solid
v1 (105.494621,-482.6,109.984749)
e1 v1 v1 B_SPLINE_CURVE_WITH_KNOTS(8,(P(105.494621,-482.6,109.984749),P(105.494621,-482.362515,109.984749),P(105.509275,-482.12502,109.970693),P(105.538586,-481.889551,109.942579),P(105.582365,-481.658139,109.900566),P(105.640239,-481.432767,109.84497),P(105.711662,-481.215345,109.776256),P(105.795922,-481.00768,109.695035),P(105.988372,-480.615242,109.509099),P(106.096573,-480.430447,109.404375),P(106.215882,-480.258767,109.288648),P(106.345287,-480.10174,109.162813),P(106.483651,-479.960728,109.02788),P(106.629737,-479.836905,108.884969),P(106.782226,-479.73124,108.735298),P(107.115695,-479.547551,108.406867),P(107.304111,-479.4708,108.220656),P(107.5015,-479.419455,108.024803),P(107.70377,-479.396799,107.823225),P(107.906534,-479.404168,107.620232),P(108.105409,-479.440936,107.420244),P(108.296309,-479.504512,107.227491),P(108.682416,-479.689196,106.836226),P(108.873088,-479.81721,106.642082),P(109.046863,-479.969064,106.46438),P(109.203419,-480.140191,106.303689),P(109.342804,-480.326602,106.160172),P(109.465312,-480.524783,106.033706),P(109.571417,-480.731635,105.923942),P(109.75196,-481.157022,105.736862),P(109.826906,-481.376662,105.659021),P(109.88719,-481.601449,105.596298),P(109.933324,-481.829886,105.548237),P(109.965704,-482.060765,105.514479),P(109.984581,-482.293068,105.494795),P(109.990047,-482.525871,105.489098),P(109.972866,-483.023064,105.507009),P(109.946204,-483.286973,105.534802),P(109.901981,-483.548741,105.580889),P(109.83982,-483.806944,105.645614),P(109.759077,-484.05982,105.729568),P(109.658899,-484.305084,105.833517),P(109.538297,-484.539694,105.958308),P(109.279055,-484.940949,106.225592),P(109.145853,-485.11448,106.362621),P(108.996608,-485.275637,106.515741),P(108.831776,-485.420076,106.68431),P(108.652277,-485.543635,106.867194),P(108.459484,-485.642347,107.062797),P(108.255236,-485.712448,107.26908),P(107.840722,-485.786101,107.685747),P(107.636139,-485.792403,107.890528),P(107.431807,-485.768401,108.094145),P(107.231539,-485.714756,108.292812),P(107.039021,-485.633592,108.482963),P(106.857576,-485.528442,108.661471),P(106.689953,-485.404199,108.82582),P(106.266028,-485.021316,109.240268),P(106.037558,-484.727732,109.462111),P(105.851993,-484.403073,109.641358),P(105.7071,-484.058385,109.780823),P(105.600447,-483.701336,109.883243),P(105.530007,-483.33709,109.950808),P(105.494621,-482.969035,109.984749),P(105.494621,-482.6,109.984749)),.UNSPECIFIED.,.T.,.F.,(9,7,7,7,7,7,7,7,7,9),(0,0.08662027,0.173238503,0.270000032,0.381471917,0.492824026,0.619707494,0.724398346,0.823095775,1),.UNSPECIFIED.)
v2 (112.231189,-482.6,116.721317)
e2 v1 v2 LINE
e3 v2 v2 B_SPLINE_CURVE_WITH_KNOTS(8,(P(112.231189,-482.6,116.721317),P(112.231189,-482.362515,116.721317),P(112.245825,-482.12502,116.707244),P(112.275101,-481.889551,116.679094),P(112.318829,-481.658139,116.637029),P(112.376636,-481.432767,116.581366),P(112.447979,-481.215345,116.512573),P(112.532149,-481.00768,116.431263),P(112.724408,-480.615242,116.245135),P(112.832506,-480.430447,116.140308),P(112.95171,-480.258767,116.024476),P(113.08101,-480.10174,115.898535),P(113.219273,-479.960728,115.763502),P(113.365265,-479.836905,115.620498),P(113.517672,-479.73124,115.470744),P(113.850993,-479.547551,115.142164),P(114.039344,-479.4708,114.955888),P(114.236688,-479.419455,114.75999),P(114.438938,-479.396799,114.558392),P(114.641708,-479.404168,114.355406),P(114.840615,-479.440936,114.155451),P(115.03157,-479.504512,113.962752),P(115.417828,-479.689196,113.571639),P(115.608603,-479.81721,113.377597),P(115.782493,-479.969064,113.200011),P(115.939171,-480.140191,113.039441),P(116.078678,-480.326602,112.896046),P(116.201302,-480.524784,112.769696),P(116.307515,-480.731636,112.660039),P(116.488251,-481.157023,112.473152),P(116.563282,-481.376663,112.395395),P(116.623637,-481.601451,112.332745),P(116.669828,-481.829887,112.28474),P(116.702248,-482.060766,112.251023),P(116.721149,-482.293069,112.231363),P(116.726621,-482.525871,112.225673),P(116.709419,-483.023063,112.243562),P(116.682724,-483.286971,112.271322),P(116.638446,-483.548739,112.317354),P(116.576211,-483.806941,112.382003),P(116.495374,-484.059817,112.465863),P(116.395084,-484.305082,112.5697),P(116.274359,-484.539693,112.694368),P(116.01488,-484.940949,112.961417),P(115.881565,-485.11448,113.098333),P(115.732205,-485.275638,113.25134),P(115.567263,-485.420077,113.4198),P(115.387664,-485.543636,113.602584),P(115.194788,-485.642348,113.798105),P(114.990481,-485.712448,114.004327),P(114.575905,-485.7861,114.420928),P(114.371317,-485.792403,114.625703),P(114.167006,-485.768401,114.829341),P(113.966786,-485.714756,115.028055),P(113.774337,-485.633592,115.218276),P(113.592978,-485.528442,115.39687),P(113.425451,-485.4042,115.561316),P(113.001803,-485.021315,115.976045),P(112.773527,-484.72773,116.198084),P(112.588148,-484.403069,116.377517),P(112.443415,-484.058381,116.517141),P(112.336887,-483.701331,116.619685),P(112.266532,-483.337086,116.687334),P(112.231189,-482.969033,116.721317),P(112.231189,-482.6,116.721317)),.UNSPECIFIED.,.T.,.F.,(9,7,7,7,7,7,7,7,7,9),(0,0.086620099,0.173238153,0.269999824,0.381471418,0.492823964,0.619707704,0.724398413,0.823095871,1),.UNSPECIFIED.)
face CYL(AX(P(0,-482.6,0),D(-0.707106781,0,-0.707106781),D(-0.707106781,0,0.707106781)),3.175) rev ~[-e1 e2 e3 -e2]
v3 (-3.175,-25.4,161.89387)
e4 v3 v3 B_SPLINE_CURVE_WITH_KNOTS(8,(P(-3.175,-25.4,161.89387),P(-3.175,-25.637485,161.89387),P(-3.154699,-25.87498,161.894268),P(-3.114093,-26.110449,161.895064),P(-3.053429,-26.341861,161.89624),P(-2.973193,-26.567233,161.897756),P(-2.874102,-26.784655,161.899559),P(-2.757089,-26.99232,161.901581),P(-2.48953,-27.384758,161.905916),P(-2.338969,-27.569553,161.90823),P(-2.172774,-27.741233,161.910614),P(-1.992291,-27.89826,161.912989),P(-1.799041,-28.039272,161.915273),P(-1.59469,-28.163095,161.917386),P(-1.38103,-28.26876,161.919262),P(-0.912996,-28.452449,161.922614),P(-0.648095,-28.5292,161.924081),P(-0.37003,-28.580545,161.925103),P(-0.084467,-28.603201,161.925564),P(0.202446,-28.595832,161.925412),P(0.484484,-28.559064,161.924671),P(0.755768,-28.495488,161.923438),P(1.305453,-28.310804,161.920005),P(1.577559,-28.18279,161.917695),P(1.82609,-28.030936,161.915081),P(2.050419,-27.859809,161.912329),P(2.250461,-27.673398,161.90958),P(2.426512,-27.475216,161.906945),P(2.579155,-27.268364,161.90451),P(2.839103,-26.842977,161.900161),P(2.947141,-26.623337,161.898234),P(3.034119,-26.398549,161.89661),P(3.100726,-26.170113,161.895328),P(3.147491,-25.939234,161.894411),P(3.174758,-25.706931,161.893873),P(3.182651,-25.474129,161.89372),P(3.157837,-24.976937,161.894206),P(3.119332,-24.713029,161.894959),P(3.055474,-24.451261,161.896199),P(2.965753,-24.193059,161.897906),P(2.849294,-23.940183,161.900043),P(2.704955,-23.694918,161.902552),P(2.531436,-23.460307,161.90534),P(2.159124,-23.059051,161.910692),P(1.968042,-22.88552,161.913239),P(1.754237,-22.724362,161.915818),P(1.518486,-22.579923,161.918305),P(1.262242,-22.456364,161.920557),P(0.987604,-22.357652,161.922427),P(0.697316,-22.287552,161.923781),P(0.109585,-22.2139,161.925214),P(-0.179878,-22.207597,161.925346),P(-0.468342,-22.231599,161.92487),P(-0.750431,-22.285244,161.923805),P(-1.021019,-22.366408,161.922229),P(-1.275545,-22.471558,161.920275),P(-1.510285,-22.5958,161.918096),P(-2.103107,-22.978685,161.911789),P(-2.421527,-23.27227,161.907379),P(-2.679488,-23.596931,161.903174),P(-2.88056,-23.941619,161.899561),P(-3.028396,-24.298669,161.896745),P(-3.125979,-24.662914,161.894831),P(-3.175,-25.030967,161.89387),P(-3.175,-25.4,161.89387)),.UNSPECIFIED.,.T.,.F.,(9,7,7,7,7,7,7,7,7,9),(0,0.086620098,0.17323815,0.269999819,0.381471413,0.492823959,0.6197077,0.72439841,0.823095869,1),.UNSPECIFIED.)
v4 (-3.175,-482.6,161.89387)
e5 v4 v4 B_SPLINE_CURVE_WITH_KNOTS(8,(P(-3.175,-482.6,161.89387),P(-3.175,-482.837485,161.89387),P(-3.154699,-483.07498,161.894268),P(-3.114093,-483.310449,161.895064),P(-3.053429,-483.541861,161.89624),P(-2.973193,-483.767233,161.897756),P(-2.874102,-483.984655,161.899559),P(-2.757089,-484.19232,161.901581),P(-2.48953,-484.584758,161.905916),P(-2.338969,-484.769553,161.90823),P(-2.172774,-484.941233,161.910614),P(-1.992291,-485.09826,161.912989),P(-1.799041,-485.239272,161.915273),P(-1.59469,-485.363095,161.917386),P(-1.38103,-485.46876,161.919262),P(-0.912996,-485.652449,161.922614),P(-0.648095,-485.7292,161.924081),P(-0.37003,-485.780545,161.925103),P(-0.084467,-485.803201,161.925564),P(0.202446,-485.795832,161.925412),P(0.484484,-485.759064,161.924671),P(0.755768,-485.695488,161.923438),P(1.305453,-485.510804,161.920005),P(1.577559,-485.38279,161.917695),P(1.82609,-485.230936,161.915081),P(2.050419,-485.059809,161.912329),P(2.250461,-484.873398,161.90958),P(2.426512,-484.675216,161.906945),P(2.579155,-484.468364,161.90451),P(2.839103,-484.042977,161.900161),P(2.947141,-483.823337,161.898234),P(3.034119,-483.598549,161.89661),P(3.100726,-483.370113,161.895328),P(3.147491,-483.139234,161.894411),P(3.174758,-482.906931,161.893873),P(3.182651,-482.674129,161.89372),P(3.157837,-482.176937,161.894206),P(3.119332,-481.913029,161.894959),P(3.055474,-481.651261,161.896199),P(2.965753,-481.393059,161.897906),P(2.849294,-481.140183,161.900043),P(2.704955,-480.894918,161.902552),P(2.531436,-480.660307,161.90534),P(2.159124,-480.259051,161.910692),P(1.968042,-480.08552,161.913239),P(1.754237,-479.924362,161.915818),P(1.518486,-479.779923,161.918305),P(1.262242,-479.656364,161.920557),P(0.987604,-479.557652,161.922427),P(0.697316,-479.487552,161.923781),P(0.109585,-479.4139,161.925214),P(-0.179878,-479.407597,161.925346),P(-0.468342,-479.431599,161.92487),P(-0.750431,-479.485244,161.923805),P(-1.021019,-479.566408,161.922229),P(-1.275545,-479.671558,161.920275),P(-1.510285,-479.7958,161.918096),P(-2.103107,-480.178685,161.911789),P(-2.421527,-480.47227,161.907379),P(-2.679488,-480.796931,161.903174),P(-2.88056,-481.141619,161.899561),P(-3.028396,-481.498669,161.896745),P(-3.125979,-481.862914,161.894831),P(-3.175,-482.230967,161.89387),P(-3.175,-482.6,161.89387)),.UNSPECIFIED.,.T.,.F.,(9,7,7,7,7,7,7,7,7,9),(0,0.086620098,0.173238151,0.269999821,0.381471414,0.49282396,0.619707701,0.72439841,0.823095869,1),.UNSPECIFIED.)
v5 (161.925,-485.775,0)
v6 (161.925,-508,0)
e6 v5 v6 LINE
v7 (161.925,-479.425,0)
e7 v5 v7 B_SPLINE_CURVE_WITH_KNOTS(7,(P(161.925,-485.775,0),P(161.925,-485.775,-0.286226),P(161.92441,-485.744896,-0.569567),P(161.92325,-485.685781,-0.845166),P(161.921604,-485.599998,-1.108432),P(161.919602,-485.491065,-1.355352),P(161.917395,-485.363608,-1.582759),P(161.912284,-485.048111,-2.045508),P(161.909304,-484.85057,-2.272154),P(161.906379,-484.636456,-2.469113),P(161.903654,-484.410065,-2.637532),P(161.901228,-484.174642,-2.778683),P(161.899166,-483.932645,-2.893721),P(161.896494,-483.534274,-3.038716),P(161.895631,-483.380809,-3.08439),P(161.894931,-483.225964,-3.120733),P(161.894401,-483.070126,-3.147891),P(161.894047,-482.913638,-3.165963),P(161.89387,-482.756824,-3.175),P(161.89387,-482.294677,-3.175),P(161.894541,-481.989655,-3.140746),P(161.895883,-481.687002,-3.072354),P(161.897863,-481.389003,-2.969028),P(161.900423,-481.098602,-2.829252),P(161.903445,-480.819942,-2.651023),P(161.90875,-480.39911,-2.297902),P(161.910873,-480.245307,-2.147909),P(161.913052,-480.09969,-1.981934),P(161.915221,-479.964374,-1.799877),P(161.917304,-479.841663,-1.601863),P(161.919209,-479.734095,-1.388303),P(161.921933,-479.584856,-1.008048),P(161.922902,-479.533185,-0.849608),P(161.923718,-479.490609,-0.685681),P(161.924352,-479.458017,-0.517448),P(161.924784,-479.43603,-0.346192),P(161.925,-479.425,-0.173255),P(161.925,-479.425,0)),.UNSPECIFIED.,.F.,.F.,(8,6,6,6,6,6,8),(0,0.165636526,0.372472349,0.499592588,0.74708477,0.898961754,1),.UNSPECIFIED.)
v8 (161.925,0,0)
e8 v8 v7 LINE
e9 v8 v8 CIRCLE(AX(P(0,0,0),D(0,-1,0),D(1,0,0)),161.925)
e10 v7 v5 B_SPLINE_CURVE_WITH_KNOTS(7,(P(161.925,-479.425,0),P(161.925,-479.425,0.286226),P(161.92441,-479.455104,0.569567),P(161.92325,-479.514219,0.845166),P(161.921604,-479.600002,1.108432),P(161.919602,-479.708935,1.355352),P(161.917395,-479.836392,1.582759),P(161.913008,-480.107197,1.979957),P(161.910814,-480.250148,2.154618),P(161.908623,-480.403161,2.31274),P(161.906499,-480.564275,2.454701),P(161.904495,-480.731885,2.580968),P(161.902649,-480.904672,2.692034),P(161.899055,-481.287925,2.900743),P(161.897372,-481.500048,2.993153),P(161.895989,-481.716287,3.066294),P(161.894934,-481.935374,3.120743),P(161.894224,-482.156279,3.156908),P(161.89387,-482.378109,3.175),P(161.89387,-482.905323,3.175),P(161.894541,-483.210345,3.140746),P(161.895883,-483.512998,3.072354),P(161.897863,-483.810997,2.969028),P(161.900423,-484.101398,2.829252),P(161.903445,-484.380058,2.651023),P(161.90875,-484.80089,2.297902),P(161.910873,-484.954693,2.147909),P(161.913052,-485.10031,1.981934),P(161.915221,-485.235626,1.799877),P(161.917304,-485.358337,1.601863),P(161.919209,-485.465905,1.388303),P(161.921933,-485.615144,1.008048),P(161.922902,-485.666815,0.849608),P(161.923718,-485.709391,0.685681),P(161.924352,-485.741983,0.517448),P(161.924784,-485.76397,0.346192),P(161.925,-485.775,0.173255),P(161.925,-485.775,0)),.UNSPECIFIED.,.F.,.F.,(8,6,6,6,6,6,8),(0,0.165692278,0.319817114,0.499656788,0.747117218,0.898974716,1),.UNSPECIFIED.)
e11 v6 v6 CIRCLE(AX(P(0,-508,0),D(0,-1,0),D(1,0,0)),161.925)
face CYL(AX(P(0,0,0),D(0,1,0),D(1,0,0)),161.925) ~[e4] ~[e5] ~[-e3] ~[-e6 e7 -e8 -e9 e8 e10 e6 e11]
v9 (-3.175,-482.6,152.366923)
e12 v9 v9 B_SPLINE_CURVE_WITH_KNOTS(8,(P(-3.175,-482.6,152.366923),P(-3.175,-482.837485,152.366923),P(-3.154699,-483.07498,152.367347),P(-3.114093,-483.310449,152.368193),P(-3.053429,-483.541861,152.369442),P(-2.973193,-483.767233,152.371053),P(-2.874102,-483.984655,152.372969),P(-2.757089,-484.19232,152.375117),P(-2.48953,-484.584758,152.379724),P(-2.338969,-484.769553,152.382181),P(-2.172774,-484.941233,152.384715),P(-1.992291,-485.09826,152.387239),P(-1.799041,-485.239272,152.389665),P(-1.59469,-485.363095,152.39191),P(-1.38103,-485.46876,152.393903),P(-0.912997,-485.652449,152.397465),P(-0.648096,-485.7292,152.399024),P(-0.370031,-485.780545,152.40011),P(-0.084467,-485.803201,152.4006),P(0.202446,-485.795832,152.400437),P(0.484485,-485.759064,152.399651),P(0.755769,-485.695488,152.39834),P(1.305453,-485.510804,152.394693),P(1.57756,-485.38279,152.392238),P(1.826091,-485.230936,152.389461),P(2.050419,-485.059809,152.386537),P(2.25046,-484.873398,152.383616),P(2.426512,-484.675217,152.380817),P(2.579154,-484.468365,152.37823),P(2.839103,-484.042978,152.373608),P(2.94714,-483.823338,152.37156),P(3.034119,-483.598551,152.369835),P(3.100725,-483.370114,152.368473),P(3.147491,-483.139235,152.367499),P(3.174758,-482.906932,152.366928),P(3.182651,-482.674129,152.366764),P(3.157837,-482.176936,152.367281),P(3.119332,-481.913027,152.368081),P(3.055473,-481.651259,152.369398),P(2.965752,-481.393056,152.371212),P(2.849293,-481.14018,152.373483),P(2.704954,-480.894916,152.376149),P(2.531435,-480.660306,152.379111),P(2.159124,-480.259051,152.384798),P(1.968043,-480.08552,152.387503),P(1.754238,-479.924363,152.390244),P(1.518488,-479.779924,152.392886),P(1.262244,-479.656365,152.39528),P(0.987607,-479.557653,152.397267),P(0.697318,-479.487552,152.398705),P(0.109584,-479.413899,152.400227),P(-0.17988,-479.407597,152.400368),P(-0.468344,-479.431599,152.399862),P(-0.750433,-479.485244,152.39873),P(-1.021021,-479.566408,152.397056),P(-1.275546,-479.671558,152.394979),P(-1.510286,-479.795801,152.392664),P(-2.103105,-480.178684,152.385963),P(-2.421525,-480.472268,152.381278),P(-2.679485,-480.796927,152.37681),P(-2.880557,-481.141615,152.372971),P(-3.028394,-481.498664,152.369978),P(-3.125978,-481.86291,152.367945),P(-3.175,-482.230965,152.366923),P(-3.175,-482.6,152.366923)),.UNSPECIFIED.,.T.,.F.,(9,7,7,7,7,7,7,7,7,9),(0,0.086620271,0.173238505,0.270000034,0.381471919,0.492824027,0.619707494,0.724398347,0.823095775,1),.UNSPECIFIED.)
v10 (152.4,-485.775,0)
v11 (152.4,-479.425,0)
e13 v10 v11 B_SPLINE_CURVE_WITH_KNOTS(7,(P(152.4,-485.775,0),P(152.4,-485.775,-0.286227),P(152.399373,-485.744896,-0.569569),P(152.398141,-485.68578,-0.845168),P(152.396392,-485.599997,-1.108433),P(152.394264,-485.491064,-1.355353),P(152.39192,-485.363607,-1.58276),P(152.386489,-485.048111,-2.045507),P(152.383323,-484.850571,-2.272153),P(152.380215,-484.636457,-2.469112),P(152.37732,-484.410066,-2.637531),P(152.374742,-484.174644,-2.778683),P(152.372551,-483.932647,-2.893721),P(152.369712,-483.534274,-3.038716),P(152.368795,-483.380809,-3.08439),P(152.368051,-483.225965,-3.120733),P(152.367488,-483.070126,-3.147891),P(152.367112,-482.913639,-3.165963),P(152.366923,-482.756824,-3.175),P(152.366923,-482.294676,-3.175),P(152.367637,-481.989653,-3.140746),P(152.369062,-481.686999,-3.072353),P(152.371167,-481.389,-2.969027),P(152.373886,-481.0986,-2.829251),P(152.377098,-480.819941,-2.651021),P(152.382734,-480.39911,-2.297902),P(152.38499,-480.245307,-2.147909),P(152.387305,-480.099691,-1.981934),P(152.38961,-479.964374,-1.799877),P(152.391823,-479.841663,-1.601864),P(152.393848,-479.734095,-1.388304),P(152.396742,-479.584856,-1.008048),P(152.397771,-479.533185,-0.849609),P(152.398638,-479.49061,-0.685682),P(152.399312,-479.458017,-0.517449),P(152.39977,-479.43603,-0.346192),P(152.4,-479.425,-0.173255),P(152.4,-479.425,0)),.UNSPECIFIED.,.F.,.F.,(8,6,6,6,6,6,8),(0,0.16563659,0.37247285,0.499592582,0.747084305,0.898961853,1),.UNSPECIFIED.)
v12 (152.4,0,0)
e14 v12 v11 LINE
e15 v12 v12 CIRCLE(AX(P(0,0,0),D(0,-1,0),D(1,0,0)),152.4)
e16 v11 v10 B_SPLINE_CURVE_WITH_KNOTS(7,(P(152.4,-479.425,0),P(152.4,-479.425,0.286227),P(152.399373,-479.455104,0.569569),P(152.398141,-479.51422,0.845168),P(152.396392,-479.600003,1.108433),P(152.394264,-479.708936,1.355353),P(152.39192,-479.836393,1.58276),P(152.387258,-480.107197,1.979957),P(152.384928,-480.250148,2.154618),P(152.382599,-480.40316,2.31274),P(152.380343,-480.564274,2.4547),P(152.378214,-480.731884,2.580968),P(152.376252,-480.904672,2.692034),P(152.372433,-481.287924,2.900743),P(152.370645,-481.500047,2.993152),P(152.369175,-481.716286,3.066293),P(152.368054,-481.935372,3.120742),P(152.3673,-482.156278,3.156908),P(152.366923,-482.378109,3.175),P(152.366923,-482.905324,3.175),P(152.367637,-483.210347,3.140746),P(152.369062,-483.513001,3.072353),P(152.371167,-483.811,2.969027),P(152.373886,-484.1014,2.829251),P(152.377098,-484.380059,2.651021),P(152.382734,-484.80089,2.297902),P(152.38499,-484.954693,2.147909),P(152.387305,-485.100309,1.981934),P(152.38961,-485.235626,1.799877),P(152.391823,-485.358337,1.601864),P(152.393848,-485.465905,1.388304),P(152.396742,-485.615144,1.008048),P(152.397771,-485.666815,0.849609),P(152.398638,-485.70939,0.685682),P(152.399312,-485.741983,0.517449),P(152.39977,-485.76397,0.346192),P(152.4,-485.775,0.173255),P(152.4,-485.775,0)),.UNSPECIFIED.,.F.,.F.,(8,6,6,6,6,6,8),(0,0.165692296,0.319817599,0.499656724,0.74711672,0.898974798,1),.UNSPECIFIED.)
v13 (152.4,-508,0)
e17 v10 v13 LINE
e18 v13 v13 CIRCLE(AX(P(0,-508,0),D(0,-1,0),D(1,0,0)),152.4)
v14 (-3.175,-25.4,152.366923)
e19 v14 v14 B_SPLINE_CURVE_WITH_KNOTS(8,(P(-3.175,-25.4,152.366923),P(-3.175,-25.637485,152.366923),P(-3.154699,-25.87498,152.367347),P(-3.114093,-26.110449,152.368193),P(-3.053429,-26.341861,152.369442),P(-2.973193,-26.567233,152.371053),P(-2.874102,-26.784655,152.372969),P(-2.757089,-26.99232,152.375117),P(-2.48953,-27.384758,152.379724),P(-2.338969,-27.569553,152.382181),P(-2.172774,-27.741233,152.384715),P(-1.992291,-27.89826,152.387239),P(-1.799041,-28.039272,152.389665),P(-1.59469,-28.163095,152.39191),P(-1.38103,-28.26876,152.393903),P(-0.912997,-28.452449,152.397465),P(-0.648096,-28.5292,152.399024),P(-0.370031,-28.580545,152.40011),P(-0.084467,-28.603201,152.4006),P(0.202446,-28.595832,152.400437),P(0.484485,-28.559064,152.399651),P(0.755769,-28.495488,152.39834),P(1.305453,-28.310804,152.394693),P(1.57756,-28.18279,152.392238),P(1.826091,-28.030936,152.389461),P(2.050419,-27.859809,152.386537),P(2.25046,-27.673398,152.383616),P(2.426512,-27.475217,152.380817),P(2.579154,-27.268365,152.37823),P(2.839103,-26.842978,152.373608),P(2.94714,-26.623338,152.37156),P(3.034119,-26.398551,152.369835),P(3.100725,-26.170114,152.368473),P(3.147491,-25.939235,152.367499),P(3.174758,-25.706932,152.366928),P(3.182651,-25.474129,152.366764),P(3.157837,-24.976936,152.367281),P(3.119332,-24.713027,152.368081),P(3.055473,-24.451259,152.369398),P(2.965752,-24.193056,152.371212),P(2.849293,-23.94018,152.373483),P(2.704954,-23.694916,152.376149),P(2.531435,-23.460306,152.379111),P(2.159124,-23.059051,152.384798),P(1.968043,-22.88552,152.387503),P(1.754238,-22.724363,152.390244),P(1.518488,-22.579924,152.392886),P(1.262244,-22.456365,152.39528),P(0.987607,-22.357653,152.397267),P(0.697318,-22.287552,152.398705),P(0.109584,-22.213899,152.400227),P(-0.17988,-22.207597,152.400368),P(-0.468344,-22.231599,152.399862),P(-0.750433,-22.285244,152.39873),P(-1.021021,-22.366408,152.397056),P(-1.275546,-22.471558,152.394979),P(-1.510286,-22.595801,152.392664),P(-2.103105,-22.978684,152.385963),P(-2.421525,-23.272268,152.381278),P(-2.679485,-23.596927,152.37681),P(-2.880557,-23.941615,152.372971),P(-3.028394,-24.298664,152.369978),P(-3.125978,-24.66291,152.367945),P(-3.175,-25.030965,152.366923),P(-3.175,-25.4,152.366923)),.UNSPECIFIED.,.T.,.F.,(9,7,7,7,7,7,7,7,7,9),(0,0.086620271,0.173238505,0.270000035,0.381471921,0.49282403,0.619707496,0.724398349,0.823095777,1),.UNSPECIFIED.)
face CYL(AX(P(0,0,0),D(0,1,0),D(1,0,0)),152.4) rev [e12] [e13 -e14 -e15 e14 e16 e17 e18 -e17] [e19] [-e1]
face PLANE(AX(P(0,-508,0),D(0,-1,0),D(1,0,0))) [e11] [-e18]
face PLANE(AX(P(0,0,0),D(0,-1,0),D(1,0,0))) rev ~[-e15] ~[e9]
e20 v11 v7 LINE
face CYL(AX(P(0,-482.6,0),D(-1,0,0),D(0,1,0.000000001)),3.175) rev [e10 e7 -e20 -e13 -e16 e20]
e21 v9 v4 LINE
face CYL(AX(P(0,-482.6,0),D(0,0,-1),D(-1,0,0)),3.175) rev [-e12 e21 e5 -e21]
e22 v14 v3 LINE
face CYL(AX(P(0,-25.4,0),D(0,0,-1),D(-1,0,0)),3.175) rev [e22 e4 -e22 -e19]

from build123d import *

# Parameters (mm, degrees)
SKETCH12_R                    = 161.925
SKETCH12_R_2                  = 152.4
PIPE_STANDARD_S40_P12_2_DEPTH = 508
SKETCH13_R                    = 3.175
CUT_EXTRUDE1_DEPTH            = 558.228329547
SKETCH15_R                    = 3.175
CUT_EXTRUDE2_DEPTH            = 558.228329706
SKETCH16_R                    = 3.175
CUT_EXTRUDE3_DEPTH            = 558.228329706


with BuildPart() as part:
    # Sketch12 → Pipe (standard, s40) P12(2) (new body)
    with BuildSketch(Plane.XZ):
        Circle(SKETCH12_R)
        Circle(SKETCH12_R_2, mode=Mode.SUBTRACT)
    extrude(amount=PIPE_STANDARD_S40_P12_2_DEPTH)

    # Sketch13 → Cut-Extrude1 (cut, through all)
    with BuildSketch(Plane.XY):
        with Locations(Location((0, -482.6, 0), (0, 0, 180))):
            Circle(SKETCH13_R)
        with Locations(Location((0, -25.4, 0), (0, 0, 180))):
            Circle(SKETCH13_R)
    extrude(amount=CUT_EXTRUDE1_DEPTH, mode=Mode.SUBTRACT)

    # Sketch15 → Cut-Extrude2 (cut, through all)
    with BuildSketch(Plane(origin=(0, 0, 0), x_dir=(0, -1, 0), z_dir=(-0.7071067811865438, 0, -0.7071067811865512))):
        with Locations(Location((482.6, 0, 0), (0, 0, 90))):
            Circle(SKETCH15_R)
    extrude(amount=-CUT_EXTRUDE2_DEPTH, mode=Mode.SUBTRACT)

    # Sketch16 → Cut-Extrude3 (cut, through all)
    with BuildSketch(Plane(origin=(0, 0, 0), x_dir=(0, 0, -1), z_dir=(1, 0, 0))):
        with Locations(Location((0, -482.6, 0), (0, 0, 90.000000043))):
            Circle(SKETCH16_R)
    extrude(amount=CUT_EXTRUDE3_DEPTH, mode=Mode.SUBTRACT)


solid = part.part
